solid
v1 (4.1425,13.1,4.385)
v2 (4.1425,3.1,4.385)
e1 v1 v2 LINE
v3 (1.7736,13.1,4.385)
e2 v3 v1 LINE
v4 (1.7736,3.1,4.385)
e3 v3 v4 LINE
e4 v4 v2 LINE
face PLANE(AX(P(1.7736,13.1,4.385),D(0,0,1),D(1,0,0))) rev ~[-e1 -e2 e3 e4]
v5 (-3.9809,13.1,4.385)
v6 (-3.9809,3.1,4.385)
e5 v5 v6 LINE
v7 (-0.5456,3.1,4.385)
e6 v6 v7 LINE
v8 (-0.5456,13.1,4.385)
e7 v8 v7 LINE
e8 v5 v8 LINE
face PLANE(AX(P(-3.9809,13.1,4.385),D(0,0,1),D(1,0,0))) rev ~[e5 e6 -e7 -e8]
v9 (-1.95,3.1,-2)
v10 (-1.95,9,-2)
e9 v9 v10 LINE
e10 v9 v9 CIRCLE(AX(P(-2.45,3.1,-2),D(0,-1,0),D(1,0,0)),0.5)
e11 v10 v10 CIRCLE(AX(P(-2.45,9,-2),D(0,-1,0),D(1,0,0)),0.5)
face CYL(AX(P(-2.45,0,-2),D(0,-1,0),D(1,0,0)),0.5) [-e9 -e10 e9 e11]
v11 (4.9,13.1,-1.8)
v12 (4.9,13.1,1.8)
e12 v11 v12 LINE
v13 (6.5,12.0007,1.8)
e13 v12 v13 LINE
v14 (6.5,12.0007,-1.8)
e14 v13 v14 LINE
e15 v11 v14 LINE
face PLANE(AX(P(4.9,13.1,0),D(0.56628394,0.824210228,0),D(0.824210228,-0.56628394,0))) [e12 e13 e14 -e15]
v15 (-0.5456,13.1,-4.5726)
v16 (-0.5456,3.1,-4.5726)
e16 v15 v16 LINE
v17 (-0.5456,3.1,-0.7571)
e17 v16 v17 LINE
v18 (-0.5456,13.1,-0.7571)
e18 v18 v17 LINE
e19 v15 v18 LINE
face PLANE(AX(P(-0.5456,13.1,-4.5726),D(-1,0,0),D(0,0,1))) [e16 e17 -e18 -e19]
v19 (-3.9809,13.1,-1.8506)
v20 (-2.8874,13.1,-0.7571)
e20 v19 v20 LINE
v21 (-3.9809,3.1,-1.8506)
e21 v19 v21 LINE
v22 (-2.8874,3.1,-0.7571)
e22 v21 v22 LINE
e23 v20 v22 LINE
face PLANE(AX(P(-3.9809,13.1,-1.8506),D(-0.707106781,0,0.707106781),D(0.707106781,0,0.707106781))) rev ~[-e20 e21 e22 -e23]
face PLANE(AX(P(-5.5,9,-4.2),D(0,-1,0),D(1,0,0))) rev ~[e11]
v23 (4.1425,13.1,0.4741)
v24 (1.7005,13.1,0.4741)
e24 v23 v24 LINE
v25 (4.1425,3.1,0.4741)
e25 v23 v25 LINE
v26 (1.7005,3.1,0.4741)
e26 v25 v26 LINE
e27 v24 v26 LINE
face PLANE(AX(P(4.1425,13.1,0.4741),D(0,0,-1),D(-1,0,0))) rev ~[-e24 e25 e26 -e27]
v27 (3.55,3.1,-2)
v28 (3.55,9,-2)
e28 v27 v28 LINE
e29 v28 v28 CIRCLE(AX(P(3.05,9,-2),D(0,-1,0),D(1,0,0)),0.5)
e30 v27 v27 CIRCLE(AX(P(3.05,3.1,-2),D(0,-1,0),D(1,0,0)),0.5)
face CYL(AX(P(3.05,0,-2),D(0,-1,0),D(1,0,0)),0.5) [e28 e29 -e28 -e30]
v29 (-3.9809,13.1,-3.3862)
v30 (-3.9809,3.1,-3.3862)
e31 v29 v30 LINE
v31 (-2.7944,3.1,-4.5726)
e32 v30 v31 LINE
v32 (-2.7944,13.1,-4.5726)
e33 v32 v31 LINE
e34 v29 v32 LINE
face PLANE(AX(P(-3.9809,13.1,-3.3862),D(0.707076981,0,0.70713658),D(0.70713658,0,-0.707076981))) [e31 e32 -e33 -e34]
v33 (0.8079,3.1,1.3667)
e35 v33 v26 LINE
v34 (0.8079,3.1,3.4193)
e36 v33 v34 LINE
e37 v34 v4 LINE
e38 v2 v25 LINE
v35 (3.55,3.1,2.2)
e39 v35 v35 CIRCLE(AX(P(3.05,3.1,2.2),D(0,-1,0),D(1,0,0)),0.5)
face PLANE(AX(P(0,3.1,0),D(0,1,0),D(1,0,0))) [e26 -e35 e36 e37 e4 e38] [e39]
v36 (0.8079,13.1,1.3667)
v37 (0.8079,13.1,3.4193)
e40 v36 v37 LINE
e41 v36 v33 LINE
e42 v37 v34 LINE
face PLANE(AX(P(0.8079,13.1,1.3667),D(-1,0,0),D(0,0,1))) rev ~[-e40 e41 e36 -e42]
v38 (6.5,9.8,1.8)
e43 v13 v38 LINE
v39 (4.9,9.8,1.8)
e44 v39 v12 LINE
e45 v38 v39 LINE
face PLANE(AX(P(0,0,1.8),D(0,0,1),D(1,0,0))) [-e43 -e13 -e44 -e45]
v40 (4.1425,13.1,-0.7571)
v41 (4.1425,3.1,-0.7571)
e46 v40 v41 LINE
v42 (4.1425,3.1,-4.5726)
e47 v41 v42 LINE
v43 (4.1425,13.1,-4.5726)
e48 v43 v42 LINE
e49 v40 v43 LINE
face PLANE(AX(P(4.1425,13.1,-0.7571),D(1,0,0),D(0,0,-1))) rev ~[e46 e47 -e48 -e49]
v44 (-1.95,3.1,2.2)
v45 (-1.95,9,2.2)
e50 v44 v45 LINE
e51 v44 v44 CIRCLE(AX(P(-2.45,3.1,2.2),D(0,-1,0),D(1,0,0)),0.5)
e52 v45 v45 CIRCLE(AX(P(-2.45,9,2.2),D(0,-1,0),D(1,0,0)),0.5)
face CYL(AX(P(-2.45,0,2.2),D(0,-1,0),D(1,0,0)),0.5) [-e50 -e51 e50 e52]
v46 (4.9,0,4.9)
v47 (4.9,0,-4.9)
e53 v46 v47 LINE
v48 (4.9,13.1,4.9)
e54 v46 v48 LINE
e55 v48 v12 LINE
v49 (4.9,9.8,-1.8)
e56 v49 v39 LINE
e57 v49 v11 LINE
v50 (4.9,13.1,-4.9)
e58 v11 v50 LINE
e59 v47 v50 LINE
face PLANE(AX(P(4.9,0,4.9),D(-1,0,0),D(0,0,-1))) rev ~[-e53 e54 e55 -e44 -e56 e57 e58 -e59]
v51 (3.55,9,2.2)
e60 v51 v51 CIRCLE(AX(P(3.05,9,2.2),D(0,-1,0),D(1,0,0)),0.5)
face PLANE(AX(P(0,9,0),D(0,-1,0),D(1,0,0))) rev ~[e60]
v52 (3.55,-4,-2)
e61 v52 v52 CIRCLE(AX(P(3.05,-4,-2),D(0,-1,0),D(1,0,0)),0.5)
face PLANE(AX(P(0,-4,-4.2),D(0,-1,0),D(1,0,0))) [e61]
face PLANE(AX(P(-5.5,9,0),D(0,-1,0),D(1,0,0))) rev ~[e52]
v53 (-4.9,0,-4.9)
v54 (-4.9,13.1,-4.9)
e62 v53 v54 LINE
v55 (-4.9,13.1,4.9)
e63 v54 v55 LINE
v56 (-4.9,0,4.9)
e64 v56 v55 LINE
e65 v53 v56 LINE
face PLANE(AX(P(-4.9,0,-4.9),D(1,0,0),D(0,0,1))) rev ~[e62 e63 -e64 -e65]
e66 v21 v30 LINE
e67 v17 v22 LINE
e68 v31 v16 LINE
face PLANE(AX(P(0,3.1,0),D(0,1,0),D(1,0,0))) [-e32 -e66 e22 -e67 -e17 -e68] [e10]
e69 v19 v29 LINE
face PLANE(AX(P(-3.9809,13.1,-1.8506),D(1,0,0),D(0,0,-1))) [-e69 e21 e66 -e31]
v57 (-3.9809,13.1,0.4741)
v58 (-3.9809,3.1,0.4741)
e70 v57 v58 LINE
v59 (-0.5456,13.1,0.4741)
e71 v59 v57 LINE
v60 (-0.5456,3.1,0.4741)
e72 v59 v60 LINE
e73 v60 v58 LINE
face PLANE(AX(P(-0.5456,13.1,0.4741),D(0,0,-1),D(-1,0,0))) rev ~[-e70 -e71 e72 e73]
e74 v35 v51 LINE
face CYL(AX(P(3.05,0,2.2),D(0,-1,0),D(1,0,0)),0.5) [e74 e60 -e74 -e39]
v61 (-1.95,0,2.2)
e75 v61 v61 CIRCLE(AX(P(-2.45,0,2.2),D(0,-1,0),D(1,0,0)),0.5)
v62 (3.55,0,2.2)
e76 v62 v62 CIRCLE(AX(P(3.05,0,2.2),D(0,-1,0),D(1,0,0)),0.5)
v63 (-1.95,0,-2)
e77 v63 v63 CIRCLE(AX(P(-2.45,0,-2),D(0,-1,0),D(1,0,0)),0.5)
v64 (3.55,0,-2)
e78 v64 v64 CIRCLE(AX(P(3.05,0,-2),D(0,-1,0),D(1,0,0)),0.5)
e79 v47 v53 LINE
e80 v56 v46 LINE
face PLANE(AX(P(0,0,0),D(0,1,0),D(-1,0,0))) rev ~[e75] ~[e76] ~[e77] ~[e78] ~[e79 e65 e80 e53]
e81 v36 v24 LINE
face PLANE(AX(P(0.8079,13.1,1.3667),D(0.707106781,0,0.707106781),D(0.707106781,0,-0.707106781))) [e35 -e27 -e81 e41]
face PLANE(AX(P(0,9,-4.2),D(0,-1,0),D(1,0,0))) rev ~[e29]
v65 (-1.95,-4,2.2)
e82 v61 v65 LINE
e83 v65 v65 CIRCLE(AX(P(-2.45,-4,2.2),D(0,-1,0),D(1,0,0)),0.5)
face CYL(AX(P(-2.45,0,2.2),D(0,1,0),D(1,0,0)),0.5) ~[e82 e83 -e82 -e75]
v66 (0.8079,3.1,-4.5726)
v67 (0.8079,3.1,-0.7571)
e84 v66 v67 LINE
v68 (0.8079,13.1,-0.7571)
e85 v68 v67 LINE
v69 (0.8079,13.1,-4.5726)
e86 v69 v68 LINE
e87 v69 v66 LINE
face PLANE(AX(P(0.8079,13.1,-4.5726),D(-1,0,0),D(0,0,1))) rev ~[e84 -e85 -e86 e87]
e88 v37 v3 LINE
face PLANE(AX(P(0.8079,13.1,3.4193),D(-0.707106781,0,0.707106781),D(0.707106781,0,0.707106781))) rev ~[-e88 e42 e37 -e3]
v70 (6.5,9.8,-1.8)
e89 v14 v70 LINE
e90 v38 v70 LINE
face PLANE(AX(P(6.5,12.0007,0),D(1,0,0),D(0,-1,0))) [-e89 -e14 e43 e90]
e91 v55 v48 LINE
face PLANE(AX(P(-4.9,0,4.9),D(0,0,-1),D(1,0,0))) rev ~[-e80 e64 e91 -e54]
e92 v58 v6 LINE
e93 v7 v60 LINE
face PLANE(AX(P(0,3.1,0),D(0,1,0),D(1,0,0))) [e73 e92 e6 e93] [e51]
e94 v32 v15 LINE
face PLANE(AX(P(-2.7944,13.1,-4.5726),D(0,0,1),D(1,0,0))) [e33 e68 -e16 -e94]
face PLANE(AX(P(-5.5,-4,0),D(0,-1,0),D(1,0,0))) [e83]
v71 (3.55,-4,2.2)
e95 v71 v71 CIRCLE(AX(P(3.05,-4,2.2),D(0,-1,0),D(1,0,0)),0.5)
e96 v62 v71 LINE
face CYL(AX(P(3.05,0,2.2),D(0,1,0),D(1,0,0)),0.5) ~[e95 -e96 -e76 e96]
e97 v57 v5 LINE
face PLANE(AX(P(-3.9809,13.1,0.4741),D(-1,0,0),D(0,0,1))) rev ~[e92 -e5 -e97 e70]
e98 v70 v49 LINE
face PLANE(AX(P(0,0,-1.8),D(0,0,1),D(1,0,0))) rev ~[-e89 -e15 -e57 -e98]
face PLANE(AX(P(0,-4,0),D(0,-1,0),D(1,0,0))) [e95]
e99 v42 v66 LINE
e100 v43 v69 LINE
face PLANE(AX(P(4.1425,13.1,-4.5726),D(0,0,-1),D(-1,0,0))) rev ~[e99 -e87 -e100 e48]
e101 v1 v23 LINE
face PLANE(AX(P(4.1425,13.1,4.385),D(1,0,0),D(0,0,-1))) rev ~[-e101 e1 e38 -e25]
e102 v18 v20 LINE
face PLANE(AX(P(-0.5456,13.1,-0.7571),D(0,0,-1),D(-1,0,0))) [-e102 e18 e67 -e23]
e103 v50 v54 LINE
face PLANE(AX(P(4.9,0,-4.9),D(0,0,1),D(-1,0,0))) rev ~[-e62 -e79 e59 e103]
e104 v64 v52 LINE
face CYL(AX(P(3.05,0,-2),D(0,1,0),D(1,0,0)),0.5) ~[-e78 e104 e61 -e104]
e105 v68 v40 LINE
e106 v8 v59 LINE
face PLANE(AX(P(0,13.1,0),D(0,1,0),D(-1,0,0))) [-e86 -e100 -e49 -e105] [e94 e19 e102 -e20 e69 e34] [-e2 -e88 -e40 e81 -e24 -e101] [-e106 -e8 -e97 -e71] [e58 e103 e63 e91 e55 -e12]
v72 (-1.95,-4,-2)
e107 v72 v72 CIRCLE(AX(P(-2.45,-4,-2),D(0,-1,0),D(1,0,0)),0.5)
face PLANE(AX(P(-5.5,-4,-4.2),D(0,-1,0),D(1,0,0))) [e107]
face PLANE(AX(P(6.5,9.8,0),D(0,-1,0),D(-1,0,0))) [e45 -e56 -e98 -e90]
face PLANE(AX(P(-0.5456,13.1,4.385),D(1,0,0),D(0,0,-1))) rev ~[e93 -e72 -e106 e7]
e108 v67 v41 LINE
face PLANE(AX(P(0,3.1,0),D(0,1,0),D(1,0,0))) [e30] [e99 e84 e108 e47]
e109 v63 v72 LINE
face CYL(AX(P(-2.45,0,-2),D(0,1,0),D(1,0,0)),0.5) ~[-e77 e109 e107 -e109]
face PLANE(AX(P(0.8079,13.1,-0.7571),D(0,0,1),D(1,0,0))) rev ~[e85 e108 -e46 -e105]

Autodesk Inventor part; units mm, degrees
ref_plane "YZ Plane" through (0, 0, 0) normal (1, 0, 0) x (0, 1, 0)
ref_plane "XZ Plane" through (0, 0, 0) normal (0, 1, 0) x (-1, 0, 0)
ref_plane "XY Plane" through (0, 0, 0) normal (0, 0, 1) x (1, 0, 0)
sketch "Sketch1" plane through (0, 0, 0) normal (0, 1, 0) x (-1, 0, 0)
  line L0 (4.9, 4.9) -> (-4.9, 4.9)
  line L1 (-4.9, 4.9) -> (-4.9, -4.9)
  line L2 (-4.9, -4.9) -> (4.9, -4.9)
  line L3 (4.9, -4.9) -> (4.9, 4.9)
  point P0 (0, 0)
  dimension "d0" = 9.8
  dimension "d1" = 9.8
  dimension "d2" = 4.9
  dimension "d3" = 4.9
extrude "Extrusion1" add sketch "Sketch1" along normal blind 13.1
sketch "Sketch2" plane through (0, 0, 0) normal (0, 0, 1) x (1, 0, 0)
  line L0 (-4.9, 13.1) -> (4.9, 13.1) projected
  line L1 (4.9, 13.1) -> (6.5, 12.0007)
  line L2 (6.5, 12.0007) -> (6.5, 9.8)
  line L3 (6.5, 9.8) -> (4.9, 9.8)
  line L4 (4.9, 9.8) -> (4.9, 13.1)
  line L5 (4.9, 0) -> (4.9, 13.1) projected
  point P0 (0, 0)
  dimension "d6" = 3.3
  dimension "d7" = 1.6
extrude "Extrusion2" add sketch "Sketch2" along normal mid plane 3.6
sketch "Sketch3" plane through (0, 13.1, 0) normal (0, 1, 0) x (1, 0, 0)
  line L0 (-3.9809, -4.385) -> (-0.5456, -4.385)
  line L1 (-0.5456, -4.385) -> (-0.5456, -0.4741)
  line L2 (-0.5456, -0.4741) -> (-3.9809, -0.4741)
  line L3 (-3.9809, -0.4741) -> (-3.9809, -4.385)
  line L4 (0.8079, 0.7571) -> (4.1425, 0.7571)
  line L5 (4.1425, 0.7571) -> (4.1425, 4.5726)
  line L6 (4.1425, 4.5726) -> (0.8079, 4.5726)
  line L7 (0.8079, 4.5726) -> (0.8079, 0.7571)
  line L8 (-0.5456, 0.7571) -> (-3.9809, 0.7571)
  line L9 (-3.9809, 0.7571) -> (-3.9809, 4.5726)
  line L10 (-3.9809, 4.5726) -> (-0.5456, 4.5726)
  line L11 (-0.5456, 4.5726) -> (-0.5456, 0.7571)
  line L12 (0.8079, -4.385) -> (4.1425, -4.385)
  line L13 (4.1425, -4.385) -> (4.1425, -0.4741)
  line L14 (4.1425, -0.4741) -> (0.8079, -0.4741)
  line L15 (0.8079, -0.4741) -> (0.8079, -4.385)
  line L16 (-3.9809, 3.3862) -> (-2.7944, 4.5726)
  line L17 (-3.9809, 1.8506) -> (-2.8874, 0.7571)
  line L18 (0.8079, -3.4193) -> (1.7736, -4.385)
  line L19 (0.8079, -1.3667) -> (1.7005, -0.4741)
  point P0 (0, 0)
  dimension "d10" = 45
  dimension "d11" = 45
extrude "Extrusion3" cut sketch "Sketch3" against normal blind 10 contours L3 L2 L1 L0 | L7 L6 L5 L4 | L8 L17 L9 L16 L10 L11 | L18 L15 L19 L14 L13 L12
sketch "Sketch4" plane through (0, 0, 0) normal (0, -1, 0) x (1, 0, 0)
  circle A0 centre (3.05, 2.2) radius 0.5
  line L0 (4.9, 4.9) -> (4.9, -4.9) projected
  line L1 (-4.9, 4.9) -> (4.9, 4.9) projected
  point P0 (0, 0)
  dimension "d15" = 1
  dimension "d16" = 1.85
  dimension "d17" = 2.7
extrude "Extrusion4" add sketch "Sketch4" along normal blind 4 and the other way blind 9
pattern_linear "Rectangular Pattern1" count 2 spacing 4.2 along (0, 0, -1) count 2 spacing 5.5 along (-1, 0, 0) of "Extrusion4"
properties part number "Molex_MiniFitJR_4Pos"
